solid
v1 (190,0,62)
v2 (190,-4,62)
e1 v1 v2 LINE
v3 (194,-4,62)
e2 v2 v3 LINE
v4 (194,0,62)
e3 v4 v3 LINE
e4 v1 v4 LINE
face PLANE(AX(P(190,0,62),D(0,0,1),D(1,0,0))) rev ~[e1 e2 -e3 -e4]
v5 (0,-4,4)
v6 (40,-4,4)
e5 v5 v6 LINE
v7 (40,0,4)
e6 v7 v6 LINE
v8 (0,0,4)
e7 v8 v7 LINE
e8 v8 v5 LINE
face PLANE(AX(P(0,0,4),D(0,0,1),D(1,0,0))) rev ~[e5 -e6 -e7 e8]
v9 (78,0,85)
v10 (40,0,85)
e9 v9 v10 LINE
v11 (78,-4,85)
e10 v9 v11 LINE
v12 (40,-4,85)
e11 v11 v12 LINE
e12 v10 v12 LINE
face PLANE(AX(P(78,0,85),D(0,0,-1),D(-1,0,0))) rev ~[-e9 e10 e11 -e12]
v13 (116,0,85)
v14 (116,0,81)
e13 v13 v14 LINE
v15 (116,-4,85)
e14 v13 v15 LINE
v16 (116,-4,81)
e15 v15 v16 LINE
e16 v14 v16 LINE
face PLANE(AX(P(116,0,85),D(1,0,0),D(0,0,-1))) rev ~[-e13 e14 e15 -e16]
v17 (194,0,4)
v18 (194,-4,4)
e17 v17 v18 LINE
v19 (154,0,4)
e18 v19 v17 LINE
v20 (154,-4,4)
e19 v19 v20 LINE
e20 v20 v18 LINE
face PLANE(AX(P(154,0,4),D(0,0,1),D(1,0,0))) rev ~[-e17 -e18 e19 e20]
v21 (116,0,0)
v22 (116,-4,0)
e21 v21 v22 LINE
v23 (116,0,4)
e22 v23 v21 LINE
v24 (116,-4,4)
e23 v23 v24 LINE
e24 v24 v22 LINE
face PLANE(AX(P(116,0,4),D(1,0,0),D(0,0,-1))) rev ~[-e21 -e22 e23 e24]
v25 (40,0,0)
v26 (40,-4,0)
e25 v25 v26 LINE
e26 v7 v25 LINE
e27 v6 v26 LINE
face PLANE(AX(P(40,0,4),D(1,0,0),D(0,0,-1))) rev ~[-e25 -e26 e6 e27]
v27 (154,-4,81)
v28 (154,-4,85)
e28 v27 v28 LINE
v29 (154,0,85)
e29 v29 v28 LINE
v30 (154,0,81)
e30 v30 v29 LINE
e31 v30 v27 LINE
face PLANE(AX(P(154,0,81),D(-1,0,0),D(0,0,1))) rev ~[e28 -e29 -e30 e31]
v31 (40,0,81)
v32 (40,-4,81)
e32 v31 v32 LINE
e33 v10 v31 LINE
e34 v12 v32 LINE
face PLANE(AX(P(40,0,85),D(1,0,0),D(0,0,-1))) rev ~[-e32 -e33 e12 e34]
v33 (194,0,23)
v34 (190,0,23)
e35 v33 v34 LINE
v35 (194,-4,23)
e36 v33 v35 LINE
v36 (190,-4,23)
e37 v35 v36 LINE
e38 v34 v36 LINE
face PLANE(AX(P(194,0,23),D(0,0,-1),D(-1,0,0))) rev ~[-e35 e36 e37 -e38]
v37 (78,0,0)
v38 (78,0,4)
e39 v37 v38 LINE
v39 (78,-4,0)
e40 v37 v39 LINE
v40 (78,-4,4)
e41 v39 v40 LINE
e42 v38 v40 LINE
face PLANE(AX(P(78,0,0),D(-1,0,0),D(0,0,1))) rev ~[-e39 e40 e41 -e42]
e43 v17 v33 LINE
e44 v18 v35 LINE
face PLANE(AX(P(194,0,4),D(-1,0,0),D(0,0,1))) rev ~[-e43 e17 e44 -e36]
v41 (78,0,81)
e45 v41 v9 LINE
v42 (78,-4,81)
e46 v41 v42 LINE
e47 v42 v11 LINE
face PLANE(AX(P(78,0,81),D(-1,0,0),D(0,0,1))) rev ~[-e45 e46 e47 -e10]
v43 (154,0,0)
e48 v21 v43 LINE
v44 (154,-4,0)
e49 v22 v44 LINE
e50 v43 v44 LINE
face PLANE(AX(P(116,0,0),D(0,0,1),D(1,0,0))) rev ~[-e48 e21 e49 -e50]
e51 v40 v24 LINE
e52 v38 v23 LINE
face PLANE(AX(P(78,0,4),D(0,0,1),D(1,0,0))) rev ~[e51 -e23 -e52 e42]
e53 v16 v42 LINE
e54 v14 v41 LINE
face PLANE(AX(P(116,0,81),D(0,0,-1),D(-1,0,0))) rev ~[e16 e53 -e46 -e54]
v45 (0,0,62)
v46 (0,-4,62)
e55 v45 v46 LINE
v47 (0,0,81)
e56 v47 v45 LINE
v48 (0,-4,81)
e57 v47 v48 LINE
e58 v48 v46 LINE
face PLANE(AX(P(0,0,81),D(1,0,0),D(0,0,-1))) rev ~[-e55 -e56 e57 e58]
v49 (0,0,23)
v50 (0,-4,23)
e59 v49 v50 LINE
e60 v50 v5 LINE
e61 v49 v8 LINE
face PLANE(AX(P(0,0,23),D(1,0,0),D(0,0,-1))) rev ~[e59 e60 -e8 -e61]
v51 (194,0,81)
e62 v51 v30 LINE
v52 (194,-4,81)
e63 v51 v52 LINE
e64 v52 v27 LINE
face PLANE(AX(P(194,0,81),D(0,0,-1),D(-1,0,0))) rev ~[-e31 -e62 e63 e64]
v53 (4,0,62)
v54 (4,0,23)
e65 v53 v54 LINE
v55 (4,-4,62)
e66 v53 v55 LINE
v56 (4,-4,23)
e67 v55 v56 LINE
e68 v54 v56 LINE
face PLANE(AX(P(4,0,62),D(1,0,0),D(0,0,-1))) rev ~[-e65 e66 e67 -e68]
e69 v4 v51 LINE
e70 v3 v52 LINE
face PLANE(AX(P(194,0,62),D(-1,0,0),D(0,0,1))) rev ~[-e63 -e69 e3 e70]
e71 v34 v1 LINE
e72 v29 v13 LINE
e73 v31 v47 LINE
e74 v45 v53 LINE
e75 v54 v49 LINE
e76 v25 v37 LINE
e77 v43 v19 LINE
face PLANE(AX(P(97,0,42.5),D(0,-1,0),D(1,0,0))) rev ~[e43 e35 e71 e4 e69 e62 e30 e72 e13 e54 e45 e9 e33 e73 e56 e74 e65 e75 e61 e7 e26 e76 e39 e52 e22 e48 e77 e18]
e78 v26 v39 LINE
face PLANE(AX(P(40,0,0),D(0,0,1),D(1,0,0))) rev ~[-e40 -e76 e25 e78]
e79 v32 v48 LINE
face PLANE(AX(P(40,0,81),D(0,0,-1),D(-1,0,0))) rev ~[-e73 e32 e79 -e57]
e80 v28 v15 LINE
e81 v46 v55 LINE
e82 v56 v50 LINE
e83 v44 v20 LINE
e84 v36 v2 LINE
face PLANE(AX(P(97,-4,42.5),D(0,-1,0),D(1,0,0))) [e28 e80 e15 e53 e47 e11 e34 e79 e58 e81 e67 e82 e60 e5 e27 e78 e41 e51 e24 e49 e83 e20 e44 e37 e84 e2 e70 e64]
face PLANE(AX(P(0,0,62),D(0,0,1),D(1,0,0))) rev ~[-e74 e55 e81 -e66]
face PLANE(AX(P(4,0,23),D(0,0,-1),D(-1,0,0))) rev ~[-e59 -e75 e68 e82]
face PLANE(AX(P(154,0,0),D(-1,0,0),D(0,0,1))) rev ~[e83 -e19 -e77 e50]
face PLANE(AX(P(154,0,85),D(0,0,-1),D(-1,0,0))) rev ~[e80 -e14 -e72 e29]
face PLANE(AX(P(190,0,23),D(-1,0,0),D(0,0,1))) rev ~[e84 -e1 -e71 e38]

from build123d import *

# Parameters (mm, degrees)
F1_DEPTH = 4


with BuildPart() as f1:
    # F0 (on Front) → F1 (new body)
    with BuildSketch(Plane.XZ):
        Polygon((40, 4), (40, 0), (78, 0), (78, 4), (116, 4), (116, 0), (154, 0), (154, 4), (194, 4), (194, 23), (190, 23), (190, 62), (194, 62), (194, 81), (154, 81), (154, 85), (116, 85), (116, 81), (78, 81), (78, 85), (40, 85), (40, 81), (0, 81), (0, 62), (4, 62), (4, 23), (0, 23), (0, 4), align=None)
    extrude(amount=F1_DEPTH)


solid = f1.part
